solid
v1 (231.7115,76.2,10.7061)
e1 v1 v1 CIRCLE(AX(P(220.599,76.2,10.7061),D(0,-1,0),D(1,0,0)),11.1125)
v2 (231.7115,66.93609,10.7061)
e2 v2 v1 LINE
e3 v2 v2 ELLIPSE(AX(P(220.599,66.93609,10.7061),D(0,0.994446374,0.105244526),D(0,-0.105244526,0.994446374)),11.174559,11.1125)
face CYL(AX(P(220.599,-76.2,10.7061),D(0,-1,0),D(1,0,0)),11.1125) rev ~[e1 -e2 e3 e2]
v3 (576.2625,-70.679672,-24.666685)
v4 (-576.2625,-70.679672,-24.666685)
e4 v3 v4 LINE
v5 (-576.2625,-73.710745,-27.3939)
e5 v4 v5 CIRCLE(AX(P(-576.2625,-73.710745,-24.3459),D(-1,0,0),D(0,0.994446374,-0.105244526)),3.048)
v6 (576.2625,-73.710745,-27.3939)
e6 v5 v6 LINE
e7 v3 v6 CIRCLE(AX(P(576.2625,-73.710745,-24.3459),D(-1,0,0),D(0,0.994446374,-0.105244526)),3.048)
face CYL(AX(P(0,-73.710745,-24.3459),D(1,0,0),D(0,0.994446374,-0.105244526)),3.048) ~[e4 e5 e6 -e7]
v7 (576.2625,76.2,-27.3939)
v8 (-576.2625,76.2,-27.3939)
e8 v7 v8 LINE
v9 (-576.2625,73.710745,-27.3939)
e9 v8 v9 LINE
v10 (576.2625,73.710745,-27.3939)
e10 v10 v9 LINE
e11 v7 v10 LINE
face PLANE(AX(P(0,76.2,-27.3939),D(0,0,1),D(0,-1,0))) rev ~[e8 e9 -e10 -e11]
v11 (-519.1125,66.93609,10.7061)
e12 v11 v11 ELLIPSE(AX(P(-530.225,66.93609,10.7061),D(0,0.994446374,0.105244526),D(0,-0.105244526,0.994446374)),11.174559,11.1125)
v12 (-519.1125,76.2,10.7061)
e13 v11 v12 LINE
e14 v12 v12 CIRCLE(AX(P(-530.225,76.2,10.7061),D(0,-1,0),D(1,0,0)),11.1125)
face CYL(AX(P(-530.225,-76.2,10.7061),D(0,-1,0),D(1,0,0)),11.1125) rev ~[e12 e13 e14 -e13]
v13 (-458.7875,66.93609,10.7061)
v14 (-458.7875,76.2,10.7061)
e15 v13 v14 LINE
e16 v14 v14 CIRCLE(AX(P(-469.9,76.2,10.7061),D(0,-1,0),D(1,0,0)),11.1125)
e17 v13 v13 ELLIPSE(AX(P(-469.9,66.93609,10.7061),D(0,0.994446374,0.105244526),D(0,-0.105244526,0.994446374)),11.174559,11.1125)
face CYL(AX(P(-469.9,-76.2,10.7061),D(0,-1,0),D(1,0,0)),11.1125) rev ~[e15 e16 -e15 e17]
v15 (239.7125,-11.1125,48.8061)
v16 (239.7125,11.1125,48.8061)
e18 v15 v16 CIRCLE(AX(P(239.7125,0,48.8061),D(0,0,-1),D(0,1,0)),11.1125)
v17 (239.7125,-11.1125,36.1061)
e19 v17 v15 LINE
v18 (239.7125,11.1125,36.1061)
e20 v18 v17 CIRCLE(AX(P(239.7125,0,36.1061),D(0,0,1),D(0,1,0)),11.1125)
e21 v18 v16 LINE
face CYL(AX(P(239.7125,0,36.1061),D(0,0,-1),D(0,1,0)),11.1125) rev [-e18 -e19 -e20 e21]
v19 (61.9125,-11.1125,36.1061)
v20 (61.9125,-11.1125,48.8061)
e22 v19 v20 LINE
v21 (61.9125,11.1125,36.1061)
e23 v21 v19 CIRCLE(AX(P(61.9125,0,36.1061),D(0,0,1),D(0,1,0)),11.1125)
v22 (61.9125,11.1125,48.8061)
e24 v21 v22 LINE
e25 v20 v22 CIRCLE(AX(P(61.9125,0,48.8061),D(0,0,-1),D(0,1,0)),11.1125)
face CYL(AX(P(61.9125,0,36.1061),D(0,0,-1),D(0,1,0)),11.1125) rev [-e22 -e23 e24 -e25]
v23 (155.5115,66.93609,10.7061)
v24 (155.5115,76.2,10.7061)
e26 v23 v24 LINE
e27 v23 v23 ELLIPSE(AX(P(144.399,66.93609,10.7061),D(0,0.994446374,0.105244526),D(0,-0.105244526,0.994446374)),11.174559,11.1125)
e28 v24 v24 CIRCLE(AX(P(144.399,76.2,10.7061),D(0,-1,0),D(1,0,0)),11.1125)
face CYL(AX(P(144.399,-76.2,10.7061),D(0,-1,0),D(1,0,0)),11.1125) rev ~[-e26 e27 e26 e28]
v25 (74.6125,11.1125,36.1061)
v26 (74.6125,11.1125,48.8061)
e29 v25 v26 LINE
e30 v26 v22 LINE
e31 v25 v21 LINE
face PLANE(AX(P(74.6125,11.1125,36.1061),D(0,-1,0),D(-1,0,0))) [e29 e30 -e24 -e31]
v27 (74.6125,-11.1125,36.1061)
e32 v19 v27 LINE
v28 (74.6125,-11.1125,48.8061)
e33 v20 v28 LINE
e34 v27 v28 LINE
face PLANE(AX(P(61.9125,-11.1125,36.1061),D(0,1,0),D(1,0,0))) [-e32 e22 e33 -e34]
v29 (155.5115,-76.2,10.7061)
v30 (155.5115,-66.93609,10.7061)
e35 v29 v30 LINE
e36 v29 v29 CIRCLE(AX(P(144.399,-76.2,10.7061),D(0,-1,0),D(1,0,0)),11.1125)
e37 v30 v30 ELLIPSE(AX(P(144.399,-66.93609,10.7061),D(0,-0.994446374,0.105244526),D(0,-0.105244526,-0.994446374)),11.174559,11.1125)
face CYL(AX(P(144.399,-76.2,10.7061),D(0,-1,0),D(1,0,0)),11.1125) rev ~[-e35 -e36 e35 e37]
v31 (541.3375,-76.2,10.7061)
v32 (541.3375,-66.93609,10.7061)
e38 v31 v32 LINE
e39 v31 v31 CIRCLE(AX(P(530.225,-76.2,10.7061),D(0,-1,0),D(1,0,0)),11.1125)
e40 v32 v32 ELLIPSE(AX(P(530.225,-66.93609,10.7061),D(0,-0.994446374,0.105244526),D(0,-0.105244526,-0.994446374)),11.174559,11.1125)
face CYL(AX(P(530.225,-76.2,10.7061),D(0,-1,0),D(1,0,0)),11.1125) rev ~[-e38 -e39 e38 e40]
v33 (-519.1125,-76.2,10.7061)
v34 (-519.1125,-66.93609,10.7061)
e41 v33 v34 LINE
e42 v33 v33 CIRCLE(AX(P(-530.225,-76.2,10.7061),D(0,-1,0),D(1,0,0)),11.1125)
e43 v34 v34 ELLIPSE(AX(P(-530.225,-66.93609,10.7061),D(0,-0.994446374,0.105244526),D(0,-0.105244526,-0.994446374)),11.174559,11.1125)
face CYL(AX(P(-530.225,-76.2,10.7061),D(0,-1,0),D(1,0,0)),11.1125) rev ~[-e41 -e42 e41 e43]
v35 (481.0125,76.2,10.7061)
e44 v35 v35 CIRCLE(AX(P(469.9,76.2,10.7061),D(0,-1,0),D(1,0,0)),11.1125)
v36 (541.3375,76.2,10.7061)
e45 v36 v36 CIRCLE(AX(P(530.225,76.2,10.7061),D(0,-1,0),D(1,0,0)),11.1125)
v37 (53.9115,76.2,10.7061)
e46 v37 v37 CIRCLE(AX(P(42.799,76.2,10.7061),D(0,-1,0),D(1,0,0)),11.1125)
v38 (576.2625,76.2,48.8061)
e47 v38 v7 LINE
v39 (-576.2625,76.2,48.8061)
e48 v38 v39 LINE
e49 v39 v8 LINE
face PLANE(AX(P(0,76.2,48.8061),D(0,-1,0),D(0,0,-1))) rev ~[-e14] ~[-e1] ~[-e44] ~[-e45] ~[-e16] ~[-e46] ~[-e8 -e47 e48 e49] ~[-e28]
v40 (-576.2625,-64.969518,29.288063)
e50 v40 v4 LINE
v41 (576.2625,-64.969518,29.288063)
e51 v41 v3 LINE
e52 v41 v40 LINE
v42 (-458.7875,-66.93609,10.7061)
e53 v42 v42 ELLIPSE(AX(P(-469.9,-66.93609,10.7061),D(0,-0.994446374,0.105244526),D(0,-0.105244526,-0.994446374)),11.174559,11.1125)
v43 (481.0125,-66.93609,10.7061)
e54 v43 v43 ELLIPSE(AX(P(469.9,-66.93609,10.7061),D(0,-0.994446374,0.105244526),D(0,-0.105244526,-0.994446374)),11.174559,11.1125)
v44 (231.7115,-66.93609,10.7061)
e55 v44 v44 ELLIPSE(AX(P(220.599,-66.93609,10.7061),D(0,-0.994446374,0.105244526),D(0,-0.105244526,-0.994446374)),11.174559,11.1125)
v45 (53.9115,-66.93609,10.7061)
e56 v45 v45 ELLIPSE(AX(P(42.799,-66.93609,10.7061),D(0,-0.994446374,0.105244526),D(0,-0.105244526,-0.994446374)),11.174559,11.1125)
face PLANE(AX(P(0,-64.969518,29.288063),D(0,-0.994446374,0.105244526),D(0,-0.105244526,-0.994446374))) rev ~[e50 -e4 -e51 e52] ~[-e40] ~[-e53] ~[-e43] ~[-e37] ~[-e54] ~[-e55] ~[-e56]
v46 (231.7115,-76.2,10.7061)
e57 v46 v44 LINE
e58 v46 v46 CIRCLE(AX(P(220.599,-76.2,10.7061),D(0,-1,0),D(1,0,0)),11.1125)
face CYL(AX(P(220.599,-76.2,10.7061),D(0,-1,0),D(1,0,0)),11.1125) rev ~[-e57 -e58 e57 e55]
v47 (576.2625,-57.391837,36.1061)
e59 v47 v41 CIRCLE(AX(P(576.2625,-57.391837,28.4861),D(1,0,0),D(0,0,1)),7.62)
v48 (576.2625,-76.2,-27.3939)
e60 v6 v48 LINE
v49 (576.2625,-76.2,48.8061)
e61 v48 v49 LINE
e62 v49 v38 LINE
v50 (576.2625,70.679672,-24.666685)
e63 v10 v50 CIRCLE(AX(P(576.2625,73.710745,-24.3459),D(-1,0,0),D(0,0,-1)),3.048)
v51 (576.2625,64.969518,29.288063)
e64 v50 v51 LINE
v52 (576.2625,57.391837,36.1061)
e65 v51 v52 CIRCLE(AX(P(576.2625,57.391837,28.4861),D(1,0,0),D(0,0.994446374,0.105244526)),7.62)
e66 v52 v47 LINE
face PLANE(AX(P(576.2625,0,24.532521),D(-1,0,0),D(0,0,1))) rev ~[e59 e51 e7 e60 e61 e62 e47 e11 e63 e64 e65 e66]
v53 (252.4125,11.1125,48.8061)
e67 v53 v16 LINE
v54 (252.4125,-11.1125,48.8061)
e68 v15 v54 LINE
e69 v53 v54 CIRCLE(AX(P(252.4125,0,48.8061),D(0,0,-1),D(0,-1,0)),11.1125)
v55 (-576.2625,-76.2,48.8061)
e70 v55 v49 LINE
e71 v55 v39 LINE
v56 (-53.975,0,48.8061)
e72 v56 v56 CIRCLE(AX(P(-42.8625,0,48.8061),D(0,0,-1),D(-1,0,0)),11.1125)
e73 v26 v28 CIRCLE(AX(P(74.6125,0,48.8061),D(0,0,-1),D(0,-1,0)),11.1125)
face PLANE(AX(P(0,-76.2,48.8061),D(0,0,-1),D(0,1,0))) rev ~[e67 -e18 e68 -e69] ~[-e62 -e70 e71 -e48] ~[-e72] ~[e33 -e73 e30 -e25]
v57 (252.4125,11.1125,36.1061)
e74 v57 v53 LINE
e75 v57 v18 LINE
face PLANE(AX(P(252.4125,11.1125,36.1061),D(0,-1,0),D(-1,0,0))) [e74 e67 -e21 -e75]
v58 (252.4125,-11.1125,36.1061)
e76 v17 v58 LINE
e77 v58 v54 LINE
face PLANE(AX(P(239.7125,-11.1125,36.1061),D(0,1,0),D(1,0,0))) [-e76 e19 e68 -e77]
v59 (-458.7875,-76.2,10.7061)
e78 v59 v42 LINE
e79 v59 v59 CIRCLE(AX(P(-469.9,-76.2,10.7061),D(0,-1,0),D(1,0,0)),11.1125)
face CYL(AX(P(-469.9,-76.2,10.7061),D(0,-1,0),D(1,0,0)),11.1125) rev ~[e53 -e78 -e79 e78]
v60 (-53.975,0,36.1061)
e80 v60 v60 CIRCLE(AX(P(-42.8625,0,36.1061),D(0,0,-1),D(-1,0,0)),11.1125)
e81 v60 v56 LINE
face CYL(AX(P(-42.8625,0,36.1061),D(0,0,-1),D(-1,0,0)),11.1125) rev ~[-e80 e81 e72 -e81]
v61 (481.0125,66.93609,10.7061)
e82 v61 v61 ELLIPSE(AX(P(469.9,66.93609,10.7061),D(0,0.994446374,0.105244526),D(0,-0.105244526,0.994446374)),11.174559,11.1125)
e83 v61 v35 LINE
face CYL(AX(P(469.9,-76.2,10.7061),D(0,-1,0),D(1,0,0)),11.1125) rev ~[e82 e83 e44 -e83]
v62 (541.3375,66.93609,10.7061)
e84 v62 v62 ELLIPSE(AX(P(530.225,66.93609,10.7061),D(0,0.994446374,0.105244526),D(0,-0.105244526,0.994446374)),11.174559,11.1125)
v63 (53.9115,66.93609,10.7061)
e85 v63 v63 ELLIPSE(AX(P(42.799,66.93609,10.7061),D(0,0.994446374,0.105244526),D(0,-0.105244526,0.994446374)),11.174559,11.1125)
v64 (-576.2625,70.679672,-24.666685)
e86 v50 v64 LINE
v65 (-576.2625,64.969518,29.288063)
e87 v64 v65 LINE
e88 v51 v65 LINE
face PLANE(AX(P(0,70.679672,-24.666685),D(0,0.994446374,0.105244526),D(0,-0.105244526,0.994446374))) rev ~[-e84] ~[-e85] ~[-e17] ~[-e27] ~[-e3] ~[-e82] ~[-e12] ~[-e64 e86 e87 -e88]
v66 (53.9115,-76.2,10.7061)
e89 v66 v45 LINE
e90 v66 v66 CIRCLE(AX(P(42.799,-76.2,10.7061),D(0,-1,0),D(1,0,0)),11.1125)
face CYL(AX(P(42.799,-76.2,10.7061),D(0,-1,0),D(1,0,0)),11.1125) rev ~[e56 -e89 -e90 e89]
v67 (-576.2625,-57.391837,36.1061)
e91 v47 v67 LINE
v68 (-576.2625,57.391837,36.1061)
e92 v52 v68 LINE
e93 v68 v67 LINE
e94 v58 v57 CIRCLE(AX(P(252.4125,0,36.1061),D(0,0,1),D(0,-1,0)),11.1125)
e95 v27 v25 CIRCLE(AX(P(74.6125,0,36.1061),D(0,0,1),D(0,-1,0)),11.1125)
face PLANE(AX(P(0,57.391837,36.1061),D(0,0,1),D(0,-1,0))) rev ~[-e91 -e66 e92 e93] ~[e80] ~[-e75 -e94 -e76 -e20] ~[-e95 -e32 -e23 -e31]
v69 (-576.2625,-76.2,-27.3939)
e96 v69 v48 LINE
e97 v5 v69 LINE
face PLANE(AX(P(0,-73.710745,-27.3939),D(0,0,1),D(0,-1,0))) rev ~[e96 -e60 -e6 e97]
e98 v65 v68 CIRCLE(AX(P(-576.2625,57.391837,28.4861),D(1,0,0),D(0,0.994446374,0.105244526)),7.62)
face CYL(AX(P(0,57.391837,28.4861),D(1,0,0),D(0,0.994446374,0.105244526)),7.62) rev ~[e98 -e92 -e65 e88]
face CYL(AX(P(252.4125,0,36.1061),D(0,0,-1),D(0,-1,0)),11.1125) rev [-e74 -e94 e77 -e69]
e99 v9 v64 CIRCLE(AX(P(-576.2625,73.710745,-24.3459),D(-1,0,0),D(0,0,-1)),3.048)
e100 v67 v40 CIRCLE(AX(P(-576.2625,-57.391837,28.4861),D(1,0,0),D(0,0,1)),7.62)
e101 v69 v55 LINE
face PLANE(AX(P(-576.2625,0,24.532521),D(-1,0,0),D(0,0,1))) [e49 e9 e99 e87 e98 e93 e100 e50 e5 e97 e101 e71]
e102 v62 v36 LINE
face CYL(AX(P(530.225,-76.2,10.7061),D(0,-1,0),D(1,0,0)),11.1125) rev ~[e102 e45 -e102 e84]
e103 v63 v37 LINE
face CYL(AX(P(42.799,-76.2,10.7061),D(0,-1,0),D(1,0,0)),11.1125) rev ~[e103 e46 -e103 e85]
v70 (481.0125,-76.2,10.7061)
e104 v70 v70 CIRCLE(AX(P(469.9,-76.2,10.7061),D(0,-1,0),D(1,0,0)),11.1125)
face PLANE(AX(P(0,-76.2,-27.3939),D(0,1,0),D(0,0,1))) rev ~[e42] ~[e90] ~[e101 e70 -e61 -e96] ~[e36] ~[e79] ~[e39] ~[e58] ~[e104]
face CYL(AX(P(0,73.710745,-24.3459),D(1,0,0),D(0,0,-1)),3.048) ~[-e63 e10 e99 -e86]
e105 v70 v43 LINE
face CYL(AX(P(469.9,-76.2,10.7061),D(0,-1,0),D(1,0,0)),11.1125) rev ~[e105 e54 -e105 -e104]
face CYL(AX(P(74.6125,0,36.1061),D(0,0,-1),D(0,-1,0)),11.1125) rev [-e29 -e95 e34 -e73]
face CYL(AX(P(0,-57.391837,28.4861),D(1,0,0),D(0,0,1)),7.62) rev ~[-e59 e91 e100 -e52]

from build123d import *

# Parameters (mm, degrees)
BOSS_EXTRUDE1_DEPTH = 576.2625
SKETCH5_R           = 11.1125
CUT_EXTRUDE3_DEPTH  = 152.4
SKETCH6_R           = 11.1125
CUT_EXTRUDE4_DEPTH  = 13.7


with BuildPart() as part:
    # Sketch1 → Boss-Extrude1 (new body, symmetric)
    with BuildSketch(Plane(origin=(0, 0, 0), x_dir=(0, 0, -1), z_dir=(1, 0, 0))):
        with BuildLine():
            Line((-48.8061, -76.2), (-48.8061, 76.2))
            Line((-48.8061, 76.2), (27.3939, 76.2))
            Line((27.3939, 76.2), (27.3939, 73.710744653))
            ThreePointArc((27.3939, 73.710744653), (26.61173954, 71.672050174), (24.666685315, 70.679672107))
            Line((24.666685315, 70.679672107), (-29.288063286, 64.969518115))
            ThreePointArc((-29.288063286, 64.969518115), (-34.150698849, 62.488572947), (-36.1061, 57.391836749))
            Line((-36.1061, 57.391836749), (-36.1061, -57.391836749))
            ThreePointArc((-36.1061, -57.391836749), (-34.150698849, -62.488572947), (-29.288063286, -64.969518115))
            Line((-29.288063286, -64.969518115), (24.666685315, -70.679672107))
            ThreePointArc((24.666685315, -70.679672107), (26.61173954, -71.672050174), (27.3939, -73.710744653))
            Line((27.3939, -73.710744653), (27.3939, -76.2))
            Line((27.3939, -76.2), (-48.8061, -76.2))
        make_face()
    extrude(amount=BOSS_EXTRUDE1_DEPTH, both=True)

    # Sketch5 → Cut-Extrude3 (cut)
    with BuildSketch(Plane.XZ.offset(76.2)):
        with Locations((530.225, 10.7061)):
            Circle(SKETCH5_R)
        with Locations((469.9, 10.7061)):
            Circle(SKETCH5_R)
        with Locations((42.799, 10.7061)):
            Circle(SKETCH5_R)
        with Locations((220.599, 10.7061)):
            Circle(SKETCH5_R)
        with Locations((144.399, 10.7061)):
            Circle(SKETCH5_R)
        with Locations((-530.225, 10.7061)):
            Circle(SKETCH5_R)
        with Locations((-469.9, 10.7061)):
            Circle(SKETCH5_R)
    extrude(amount=-CUT_EXTRUDE3_DEPTH, mode=Mode.SUBTRACT)

    # Sketch6 → Cut-Extrude4 (cut, through all)
    with BuildSketch(Plane(origin=(0, 0, 36.1061), x_dir=(-1, 0, 0), z_dir=(0, 0, -1))):
        with Locations((42.8625, 0)):
            Circle(SKETCH6_R)
        with BuildLine():
            Line((-74.6125, 11.1125), (-61.9125, 11.1125))
            ThreePointArc((-61.9125, 11.1125), (-50.8, 0), (-61.9125, -11.1125))
            Line((-61.9125, -11.1125), (-74.6125, -11.1125))
            ThreePointArc((-74.6125, -11.1125), (-85.725, 0), (-74.6125, 11.1125))
        make_face()
        with BuildLine():
            Line((-239.7125, -11.1125), (-252.4125, -11.1125))
            ThreePointArc((-252.4125, -11.1125), (-263.525, 0), (-252.4125, 11.1125))
            Line((-252.4125, 11.1125), (-239.7125, 11.1125))
            ThreePointArc((-239.7125, 11.1125), (-228.6, 0), (-239.7125, -11.1125))
        make_face()
    extrude(amount=-CUT_EXTRUDE4_DEPTH, mode=Mode.SUBTRACT)


solid = part.part
